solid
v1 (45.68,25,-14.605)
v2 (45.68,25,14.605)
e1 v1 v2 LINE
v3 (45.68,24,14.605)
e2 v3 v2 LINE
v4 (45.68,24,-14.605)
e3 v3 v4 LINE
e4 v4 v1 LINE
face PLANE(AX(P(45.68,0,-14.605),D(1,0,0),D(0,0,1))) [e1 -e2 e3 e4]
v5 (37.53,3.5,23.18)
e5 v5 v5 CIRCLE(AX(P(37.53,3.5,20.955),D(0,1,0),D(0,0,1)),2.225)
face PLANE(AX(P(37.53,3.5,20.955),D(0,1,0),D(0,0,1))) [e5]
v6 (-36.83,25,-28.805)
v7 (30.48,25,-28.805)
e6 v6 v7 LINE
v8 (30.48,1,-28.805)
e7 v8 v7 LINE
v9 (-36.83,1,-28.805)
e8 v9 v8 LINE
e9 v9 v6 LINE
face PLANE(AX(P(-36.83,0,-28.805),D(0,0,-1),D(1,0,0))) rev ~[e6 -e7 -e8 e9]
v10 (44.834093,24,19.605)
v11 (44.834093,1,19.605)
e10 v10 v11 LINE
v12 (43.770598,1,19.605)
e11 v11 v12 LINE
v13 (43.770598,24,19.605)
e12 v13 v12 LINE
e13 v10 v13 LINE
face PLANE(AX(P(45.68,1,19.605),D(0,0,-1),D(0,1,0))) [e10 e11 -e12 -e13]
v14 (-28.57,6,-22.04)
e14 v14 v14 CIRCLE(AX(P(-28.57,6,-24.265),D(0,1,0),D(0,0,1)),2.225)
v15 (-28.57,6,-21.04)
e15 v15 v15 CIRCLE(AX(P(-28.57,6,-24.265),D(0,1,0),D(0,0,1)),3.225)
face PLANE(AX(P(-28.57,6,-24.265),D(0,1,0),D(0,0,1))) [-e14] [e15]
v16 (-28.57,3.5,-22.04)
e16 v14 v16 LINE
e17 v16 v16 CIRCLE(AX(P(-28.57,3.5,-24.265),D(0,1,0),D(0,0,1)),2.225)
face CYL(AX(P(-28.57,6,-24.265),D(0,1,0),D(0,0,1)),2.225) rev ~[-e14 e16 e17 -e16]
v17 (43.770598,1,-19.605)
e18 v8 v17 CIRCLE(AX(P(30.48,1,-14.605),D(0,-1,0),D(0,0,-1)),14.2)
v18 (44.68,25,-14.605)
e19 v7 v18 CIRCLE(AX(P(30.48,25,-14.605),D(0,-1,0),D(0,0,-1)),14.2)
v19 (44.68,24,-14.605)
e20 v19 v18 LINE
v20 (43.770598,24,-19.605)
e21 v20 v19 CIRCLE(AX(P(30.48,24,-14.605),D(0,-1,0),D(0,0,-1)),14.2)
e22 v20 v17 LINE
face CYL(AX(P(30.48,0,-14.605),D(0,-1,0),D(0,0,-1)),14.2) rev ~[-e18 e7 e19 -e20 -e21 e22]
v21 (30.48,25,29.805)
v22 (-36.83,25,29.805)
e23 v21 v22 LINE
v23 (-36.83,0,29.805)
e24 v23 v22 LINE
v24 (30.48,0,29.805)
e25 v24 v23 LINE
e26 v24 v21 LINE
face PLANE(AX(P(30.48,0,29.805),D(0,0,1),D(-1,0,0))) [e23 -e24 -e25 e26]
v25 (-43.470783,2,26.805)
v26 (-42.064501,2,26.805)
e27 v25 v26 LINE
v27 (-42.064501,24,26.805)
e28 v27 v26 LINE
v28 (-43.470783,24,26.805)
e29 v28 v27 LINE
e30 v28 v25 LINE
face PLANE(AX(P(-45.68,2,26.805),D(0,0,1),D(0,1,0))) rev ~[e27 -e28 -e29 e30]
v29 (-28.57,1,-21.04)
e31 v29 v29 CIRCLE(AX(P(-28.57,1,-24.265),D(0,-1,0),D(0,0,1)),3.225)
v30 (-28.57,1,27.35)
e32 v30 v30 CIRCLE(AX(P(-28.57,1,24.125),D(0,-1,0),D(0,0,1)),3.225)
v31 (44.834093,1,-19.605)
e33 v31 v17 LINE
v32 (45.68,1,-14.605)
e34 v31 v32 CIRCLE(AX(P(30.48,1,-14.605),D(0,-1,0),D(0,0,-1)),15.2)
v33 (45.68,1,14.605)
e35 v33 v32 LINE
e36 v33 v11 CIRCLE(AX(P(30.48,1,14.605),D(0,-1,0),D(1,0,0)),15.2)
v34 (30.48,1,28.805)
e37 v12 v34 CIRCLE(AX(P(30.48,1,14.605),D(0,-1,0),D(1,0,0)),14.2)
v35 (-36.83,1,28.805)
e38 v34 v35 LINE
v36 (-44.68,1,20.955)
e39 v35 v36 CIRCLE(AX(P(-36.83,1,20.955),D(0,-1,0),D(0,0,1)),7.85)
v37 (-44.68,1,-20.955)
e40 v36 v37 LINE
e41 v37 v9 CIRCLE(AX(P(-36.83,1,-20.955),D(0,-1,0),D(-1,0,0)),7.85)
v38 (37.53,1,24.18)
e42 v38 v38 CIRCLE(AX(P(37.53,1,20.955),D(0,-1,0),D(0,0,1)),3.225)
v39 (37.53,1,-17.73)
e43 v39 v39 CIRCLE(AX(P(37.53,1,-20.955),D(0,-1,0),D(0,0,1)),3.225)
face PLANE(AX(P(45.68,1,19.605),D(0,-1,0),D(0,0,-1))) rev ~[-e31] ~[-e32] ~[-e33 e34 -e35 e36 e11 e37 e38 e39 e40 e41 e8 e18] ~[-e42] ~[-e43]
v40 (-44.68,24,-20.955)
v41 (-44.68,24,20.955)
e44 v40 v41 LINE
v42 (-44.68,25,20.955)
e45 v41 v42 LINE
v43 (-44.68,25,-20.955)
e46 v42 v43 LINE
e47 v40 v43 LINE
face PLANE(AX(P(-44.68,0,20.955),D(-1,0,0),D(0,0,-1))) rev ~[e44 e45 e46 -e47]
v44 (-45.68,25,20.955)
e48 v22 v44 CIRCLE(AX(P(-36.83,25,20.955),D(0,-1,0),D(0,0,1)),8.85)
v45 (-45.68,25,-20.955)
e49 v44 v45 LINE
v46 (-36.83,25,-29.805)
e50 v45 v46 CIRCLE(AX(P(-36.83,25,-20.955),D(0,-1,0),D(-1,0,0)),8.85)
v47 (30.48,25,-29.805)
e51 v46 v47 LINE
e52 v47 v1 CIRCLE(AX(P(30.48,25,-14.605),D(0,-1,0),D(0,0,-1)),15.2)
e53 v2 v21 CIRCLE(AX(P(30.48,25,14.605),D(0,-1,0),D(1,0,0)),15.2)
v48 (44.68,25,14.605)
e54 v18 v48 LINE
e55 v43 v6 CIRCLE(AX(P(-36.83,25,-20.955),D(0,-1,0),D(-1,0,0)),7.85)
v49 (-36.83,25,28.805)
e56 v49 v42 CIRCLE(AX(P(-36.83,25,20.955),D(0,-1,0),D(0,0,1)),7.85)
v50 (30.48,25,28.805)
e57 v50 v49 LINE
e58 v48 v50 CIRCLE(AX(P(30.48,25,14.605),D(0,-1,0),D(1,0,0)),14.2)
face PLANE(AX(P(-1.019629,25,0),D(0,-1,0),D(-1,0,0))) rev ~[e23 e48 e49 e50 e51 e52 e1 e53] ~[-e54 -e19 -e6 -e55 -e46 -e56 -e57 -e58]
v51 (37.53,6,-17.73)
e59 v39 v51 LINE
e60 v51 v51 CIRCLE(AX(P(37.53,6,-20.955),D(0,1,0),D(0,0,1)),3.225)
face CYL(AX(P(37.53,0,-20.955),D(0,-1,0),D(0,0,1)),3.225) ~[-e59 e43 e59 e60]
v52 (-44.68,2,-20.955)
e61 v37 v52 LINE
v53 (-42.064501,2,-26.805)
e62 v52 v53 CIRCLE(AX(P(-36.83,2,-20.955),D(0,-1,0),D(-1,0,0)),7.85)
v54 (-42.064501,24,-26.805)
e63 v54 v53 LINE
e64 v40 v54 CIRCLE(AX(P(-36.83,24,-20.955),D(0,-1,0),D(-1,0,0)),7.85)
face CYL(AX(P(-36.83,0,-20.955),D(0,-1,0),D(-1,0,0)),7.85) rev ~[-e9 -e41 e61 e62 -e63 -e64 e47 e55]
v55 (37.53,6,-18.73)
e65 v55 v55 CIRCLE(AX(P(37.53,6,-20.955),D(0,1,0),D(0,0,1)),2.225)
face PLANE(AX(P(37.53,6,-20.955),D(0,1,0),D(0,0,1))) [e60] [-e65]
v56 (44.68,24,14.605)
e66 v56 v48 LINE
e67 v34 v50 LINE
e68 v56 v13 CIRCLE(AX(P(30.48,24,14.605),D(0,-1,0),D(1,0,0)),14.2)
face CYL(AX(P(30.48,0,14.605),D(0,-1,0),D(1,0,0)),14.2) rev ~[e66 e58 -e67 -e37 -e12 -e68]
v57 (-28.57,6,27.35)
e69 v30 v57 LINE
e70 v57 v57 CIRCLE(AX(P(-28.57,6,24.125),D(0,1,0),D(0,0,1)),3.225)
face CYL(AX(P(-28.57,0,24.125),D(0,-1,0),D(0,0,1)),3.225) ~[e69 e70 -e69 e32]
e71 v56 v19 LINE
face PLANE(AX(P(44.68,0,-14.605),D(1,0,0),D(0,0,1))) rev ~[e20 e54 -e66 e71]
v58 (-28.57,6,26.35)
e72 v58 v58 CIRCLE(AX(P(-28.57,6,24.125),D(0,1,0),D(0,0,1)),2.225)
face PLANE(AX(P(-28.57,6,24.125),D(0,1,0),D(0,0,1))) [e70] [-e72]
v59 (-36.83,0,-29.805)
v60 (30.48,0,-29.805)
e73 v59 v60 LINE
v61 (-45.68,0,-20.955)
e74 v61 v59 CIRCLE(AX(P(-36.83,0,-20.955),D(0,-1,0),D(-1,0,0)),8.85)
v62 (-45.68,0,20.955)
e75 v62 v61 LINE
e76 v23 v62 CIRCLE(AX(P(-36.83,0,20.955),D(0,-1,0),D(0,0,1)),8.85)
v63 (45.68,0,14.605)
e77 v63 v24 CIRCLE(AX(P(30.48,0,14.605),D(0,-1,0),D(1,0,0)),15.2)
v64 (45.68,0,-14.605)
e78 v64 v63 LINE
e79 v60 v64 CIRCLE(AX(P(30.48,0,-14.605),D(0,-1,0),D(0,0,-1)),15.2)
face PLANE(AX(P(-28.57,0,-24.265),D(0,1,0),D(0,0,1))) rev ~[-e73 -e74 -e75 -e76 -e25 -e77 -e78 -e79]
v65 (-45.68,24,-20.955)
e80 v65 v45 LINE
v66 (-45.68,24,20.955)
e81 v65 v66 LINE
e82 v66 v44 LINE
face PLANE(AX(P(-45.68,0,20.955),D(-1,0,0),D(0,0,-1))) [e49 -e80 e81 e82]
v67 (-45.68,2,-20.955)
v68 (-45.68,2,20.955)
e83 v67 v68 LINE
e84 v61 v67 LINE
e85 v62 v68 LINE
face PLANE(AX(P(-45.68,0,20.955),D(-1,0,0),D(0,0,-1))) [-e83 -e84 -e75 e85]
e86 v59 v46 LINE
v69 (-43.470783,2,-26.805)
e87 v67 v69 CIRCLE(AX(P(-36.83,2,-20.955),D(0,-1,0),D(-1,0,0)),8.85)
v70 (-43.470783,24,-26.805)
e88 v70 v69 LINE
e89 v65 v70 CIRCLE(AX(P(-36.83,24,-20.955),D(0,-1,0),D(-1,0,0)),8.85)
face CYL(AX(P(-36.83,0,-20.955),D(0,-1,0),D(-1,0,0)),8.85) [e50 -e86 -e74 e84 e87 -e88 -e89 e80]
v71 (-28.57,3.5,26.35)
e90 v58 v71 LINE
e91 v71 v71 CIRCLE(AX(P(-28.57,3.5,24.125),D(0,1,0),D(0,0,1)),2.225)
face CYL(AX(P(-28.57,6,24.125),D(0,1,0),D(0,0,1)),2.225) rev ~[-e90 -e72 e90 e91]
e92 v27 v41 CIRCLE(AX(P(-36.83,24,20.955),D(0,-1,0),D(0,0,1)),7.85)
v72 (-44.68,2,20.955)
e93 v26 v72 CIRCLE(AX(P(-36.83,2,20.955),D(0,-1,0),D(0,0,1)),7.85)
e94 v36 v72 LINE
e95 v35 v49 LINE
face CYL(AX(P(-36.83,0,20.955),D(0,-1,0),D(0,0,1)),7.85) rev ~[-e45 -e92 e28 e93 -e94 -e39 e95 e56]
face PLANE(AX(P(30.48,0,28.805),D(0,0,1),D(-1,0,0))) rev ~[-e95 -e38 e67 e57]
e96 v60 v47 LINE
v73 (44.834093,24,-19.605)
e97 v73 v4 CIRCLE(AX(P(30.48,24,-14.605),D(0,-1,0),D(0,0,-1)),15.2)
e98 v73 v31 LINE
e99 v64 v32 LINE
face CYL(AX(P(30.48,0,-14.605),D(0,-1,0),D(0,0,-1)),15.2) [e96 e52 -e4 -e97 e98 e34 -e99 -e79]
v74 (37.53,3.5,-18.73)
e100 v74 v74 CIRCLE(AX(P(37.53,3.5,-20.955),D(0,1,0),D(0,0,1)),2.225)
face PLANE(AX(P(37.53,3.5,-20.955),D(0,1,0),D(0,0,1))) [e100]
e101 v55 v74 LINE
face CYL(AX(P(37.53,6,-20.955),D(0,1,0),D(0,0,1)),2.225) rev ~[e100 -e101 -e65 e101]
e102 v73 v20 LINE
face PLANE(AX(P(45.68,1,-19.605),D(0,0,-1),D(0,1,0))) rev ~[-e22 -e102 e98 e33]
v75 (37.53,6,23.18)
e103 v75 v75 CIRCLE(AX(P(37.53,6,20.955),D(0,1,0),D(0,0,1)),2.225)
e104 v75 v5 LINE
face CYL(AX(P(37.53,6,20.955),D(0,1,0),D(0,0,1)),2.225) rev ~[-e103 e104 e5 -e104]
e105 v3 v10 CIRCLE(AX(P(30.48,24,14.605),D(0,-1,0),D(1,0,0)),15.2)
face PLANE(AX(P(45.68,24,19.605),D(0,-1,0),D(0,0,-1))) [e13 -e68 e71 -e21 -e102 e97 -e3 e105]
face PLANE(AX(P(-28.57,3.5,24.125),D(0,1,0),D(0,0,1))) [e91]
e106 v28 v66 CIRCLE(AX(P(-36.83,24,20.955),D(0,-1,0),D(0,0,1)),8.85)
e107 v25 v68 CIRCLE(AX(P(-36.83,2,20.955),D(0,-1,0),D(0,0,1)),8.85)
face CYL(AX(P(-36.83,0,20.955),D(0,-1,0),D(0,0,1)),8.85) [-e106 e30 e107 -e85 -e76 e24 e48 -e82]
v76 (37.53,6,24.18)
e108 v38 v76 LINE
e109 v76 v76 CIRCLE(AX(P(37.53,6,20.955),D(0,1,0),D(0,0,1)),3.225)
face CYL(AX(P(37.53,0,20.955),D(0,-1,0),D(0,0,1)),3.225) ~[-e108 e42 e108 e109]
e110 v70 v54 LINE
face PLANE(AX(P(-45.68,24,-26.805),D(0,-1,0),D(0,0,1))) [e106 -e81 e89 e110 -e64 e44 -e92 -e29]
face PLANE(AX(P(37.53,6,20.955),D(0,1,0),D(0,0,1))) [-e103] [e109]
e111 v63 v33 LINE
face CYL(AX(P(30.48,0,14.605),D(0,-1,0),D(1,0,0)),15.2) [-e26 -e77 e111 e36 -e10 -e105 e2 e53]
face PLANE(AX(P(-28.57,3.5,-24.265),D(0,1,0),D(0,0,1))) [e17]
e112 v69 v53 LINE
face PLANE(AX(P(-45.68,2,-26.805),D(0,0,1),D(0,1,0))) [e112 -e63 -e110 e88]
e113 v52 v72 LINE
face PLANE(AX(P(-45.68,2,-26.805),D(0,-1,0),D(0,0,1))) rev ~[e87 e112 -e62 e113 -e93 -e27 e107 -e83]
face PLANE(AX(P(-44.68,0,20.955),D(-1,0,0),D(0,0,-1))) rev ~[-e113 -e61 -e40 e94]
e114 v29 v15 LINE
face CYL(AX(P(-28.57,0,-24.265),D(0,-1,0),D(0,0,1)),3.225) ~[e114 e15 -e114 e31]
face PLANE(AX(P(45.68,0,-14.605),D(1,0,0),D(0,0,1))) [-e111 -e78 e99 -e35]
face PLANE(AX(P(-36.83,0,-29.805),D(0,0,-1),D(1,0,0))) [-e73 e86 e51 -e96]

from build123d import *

# Parameters (mm, degrees)
BOSS_EXTRUDE1_DEPTH = 25
BOSS_EXTRUDE2_DEPTH = 1
SKETCH1_4_R         = 3.225
BOSS_EXTRUDE3_DEPTH = 6
SKETCH2_R           = 2.225
CUT_EXTRUDE1_DEPTH  = 2.5
SKETCH3_W           = 39.21
SKETCH3_H           = 23
CUT_EXTRUDE2_DEPTH  = 4
SKETCH4_W           = 53.61
SKETCH4_H           = 22
CUT_EXTRUDE3_DEPTH  = 7


with BuildPart() as part:
    # Sketch1 → Boss-Extrude1 (new body)
    with BuildSketch(Plane(origin=(0, 0, 0), x_dir=(1, 0, 0), z_dir=(0, 1, 0))):
        with BuildLine():
            Line((30.48, 29.805), (-36.83, 29.805))
            ThreePointArc((-36.83, 29.805), (-43.087895014, 27.212895014), (-45.68, 20.955))
            Line((-45.68, 20.955), (-45.68, -20.955))
            ThreePointArc((-45.68, -20.955), (-43.087895014, -27.212895014), (-36.83, -29.805))
            Line((-36.83, -29.805), (30.48, -29.805))
            ThreePointArc((30.48, -29.805), (41.228023074, -25.353023074), (45.68, -14.605))
            Line((45.68, -14.605), (45.68, 14.605))
            ThreePointArc((45.68, 14.605), (41.228023074, 25.353023074), (30.48, 29.805))
        make_face()
        with BuildLine():
            Line((-44.68, -20.955), (-44.68, 20.955))
            ThreePointArc((-44.68, 20.955), (-42.380788232, 26.505788232), (-36.83, 28.805))
            Line((-36.83, 28.805), (30.48, 28.805))
            ThreePointArc((30.48, 28.805), (40.520916293, 24.645916293), (44.68, 14.605))
            Line((44.68, 14.605), (44.68, -14.605))
            ThreePointArc((44.68, -14.605), (40.520916293, -24.645916293), (30.48, -28.805))
            Line((30.48, -28.805), (-36.83, -28.805))
            ThreePointArc((-36.83, -28.805), (-42.380788232, -26.505788232), (-44.68, -20.955))
        make_face(mode=Mode.SUBTRACT)
    extrude(amount=BOSS_EXTRUDE1_DEPTH)

    # Sketch1<3> → Boss-Extrude2 (add)
    with BuildSketch(Plane(origin=(0, 0, 0), x_dir=(1, 0, 0), z_dir=(0, 1, 0))):
        with BuildLine():
            ThreePointArc((-36.83, 28.805), (-42.380788232, 26.505788232), (-44.68, 20.955))
            Line((-44.68, 20.955), (-44.68, -20.955))
            ThreePointArc((-44.68, -20.955), (-42.380788232, -26.505788232), (-36.83, -28.805))
            Line((-36.83, -28.805), (30.48, -28.805))
            ThreePointArc((30.48, -28.805), (40.520916293, -24.645916293), (44.68, -14.605))
            Line((44.68, -14.605), (44.68, 14.605))
            ThreePointArc((44.68, 14.605), (40.520916293, 24.645916293), (30.48, 28.805))
            Line((30.48, 28.805), (-36.83, 28.805))
        make_face()
    extrude(amount=BOSS_EXTRUDE2_DEPTH)

    # Sketch1<4> → Boss-Extrude3 (add)
    with BuildSketch(Plane(origin=(0, 0, 0), x_dir=(1, 0, 0), z_dir=(0, 1, 0))):
        with Locations((-28.57, 24.265)):
            Circle(SKETCH1_4_R)
        with Locations((37.53, 20.955)):
            Circle(SKETCH1_4_R)
        with Locations((37.53, -20.955)):
            Circle(SKETCH1_4_R)
        with Locations((-28.57, -24.125)):
            Circle(SKETCH1_4_R)
    extrude(amount=BOSS_EXTRUDE3_DEPTH)

    # Sketch2 → Cut-Extrude1 (cut)
    with BuildSketch(Plane(origin=(0, 6, 0), x_dir=(1, 0, 0), z_dir=(0, 1, 0))):
        with Locations((-28.57, 24.265)):
            Circle(SKETCH2_R)
        with Locations((-28.57, -24.125)):
            Circle(SKETCH2_R)
        with Locations((37.53, -20.955)):
            Circle(SKETCH2_R)
        with Locations((37.53, 20.955)):
            Circle(SKETCH2_R)
    extrude(amount=-CUT_EXTRUDE1_DEPTH, mode=Mode.SUBTRACT)

    # Sketch3 → Cut-Extrude2 (cut)
    with BuildSketch(Plane(origin=(45.68, 0, 0), x_dir=(0, 0, -1), z_dir=(1, 0, 0))):
        with Locations((0, 12.5)):
            Rectangle(SKETCH3_W, SKETCH3_H)
    extrude(amount=-CUT_EXTRUDE2_DEPTH, mode=Mode.SUBTRACT)

    # Sketch4 → Cut-Extrude3 (cut)
    with BuildSketch(Plane.ZY.offset(45.68)):
        with Locations((0, 13)):
            Rectangle(SKETCH4_W, SKETCH4_H)
    extrude(amount=-CUT_EXTRUDE3_DEPTH, mode=Mode.SUBTRACT)


solid = part.part
